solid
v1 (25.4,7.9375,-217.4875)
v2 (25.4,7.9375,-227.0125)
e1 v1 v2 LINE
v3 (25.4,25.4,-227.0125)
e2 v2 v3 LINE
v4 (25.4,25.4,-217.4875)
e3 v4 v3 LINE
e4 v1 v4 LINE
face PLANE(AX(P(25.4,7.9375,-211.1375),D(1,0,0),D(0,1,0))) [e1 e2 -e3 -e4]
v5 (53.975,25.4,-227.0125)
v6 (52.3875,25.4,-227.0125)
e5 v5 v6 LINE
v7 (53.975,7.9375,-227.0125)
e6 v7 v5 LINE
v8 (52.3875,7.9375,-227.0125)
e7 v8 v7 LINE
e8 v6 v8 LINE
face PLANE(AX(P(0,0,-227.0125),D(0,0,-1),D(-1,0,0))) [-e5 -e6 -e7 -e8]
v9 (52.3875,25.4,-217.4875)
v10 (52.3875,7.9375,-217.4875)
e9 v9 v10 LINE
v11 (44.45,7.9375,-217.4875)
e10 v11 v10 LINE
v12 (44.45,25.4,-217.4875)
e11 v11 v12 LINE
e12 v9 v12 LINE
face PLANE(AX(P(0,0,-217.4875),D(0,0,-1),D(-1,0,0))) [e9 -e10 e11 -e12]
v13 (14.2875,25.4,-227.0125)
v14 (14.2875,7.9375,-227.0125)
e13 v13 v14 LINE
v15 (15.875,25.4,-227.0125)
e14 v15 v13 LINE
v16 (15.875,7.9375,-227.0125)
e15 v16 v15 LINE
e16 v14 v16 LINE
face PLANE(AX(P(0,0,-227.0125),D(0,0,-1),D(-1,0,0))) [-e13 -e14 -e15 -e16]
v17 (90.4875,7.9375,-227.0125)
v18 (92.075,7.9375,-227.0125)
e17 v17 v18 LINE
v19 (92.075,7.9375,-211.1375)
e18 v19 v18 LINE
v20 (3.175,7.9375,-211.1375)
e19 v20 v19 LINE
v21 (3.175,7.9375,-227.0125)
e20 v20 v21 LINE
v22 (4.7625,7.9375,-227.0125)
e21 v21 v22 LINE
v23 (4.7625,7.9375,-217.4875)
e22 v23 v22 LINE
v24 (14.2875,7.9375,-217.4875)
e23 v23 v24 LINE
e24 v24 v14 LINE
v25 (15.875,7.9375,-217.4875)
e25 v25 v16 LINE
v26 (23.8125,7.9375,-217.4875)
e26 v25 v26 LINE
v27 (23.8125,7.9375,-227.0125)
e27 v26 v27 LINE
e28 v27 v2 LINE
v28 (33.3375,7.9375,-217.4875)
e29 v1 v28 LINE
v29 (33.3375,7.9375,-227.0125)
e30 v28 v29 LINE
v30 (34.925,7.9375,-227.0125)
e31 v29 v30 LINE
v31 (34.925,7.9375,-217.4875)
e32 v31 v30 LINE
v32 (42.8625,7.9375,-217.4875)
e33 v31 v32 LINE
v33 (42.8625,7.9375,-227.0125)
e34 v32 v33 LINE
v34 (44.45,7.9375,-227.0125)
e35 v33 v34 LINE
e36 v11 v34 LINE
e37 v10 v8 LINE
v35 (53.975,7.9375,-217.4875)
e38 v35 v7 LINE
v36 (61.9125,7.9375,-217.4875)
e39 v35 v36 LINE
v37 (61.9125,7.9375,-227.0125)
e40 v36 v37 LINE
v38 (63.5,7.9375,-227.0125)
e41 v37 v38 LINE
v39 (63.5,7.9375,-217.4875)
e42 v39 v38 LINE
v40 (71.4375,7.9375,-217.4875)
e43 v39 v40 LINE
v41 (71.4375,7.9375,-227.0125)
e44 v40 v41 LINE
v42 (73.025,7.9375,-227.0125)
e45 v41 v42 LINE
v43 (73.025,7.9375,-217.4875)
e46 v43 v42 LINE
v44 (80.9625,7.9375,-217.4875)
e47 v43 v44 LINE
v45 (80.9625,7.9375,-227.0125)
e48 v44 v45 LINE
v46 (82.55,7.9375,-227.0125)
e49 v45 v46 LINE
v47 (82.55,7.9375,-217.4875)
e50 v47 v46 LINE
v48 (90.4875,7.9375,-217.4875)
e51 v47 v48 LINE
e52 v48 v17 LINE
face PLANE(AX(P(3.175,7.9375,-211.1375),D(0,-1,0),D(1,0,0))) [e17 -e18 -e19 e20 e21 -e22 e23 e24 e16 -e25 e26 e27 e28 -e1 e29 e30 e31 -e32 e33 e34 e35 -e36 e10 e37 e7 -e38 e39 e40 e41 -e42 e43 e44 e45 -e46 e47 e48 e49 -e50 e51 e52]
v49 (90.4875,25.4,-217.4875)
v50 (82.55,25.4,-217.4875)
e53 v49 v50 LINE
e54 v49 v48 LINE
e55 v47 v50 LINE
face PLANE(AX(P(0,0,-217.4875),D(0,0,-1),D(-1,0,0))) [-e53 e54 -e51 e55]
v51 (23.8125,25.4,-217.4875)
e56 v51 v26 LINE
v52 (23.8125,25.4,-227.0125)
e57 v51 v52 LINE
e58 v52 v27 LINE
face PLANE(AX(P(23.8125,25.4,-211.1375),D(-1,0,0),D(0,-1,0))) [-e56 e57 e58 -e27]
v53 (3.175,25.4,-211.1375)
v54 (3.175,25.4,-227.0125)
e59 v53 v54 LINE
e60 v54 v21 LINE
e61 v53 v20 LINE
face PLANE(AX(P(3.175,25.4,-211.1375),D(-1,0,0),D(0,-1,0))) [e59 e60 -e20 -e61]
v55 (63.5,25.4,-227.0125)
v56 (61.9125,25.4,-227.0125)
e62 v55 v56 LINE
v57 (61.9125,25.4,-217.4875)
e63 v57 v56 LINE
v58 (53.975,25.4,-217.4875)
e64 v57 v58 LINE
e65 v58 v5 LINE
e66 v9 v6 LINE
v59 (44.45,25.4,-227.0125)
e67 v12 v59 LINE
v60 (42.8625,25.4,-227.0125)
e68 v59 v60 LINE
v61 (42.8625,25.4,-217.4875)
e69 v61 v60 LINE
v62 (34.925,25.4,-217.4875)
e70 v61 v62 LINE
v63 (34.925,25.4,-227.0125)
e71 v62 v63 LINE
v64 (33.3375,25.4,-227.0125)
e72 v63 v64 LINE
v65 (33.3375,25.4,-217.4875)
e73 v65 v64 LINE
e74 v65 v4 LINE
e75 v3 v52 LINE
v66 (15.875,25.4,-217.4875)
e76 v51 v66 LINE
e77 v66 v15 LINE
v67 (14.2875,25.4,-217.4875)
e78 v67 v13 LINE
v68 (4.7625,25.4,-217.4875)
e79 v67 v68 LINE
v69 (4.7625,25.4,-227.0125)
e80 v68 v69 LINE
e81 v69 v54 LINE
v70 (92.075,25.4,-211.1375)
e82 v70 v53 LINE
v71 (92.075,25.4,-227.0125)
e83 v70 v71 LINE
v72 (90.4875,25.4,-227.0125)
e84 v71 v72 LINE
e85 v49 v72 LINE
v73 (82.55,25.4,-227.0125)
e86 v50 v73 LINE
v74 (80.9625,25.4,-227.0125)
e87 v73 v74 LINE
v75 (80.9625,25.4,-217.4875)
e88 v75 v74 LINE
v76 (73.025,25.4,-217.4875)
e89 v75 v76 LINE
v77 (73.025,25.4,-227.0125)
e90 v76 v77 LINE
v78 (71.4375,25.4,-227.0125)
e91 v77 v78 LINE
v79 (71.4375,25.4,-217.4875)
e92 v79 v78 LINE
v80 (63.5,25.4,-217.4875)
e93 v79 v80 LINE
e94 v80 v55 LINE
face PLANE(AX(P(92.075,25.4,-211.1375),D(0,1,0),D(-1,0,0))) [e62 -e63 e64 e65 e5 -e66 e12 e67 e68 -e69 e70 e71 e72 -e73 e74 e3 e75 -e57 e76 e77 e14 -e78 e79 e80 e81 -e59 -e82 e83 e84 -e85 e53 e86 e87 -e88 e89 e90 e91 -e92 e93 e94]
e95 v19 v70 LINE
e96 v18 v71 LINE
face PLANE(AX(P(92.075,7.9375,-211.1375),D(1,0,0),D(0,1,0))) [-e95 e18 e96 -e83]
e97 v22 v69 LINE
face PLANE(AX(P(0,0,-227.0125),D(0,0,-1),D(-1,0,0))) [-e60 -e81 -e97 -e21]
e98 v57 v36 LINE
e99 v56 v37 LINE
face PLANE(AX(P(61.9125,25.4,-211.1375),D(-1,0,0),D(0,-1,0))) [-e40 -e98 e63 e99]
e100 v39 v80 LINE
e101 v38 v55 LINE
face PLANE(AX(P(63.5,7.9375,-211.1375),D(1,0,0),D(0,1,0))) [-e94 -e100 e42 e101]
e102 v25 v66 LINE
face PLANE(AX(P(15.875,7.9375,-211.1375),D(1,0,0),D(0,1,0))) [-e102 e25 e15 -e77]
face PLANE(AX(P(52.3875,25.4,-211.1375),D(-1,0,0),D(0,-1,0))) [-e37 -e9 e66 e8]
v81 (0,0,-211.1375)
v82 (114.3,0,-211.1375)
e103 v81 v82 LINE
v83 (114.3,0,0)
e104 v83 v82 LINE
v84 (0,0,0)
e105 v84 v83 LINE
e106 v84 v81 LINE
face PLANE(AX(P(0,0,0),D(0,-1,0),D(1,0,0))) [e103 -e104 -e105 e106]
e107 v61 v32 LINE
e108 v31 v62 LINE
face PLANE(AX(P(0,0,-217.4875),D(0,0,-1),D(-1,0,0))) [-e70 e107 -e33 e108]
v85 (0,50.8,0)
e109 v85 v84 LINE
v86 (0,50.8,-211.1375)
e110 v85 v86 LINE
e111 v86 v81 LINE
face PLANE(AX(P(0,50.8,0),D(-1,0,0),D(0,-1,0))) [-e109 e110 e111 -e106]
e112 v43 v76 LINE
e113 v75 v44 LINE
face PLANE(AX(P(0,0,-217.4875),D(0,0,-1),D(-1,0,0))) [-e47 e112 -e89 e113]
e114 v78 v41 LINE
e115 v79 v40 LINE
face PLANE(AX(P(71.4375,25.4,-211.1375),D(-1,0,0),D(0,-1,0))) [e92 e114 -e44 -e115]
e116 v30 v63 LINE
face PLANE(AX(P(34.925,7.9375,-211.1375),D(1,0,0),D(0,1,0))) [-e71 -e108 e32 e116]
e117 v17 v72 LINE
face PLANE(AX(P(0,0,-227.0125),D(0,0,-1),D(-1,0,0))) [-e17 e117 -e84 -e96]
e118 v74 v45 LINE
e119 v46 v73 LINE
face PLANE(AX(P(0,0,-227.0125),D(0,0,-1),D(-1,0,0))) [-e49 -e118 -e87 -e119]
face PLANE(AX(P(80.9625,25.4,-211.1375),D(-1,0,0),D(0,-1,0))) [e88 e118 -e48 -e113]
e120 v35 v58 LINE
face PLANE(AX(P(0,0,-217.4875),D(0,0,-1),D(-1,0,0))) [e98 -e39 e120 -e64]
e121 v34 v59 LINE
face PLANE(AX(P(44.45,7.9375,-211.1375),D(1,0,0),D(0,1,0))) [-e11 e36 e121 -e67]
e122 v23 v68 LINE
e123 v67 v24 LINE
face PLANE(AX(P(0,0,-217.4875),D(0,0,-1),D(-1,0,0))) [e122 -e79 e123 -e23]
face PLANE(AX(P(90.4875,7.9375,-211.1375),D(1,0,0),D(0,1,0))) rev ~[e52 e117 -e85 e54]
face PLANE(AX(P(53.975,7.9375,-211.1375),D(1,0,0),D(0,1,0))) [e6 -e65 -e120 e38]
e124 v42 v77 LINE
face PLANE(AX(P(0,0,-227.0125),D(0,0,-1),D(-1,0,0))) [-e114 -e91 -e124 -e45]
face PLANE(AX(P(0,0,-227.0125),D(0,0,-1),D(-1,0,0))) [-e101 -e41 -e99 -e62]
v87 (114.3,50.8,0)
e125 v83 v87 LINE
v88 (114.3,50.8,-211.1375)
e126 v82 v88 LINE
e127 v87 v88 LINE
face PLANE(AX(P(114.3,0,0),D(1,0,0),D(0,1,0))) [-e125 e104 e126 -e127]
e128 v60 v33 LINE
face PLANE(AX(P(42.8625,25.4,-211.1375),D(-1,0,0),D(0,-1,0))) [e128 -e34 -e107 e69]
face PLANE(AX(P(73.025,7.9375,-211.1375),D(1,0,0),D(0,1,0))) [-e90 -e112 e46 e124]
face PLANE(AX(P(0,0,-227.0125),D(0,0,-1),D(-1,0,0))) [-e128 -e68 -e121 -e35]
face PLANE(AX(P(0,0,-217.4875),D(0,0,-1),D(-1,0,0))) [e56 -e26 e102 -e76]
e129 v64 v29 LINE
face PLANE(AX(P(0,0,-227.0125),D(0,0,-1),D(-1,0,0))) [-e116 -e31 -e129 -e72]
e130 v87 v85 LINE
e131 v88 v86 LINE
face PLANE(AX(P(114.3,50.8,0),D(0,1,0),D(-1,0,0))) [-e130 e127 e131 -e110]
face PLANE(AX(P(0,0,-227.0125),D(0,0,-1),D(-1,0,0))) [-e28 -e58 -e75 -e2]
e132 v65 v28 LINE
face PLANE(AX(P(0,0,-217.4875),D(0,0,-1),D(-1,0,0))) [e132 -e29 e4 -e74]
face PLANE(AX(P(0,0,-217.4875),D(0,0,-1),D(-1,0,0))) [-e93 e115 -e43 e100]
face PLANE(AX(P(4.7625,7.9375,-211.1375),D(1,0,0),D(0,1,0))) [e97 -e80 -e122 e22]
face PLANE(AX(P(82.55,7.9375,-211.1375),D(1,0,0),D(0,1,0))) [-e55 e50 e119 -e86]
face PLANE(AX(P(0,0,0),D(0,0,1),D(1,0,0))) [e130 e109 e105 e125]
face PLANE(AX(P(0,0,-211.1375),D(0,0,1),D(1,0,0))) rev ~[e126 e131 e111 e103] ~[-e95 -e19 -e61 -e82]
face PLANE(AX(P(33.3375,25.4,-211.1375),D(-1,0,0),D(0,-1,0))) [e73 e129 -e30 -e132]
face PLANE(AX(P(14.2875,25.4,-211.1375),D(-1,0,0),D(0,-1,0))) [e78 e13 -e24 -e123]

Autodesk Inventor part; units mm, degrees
ref_plane "YZ Plane" through (0, 0, 0) normal (1, 0, 0) x (0, 1, 0)
ref_plane "XZ Plane" through (0, 0, 0) normal (0, 1, 0) x (-1, 0, 0)
ref_plane "XY Plane" through (0, 0, 0) normal (0, 0, 1) x (1, 0, 0)
sketch "Sketch1" plane through (0, 0, 0) normal (0, 0, 1) x (1, 0, 0)
  line L0 (0, 0) -> (114.3, 0)
  line L1 (114.3, 0) -> (114.3, 50.8)
  line L2 (114.3, 50.8) -> (0, 50.8)
  line L3 (0, 50.8) -> (0, 0)
  dimension "d0" = 114.3
  dimension "d1" = 50.8
extrude "Extrusion1" add sketch "Sketch1" against normal blind 211.1375
sketch "Sketch2" plane through (0, 0, -211.1375) normal (0, 0, -1) x (-1, 0, 0)
  line L0 (-114.3, 0) -> (0, 0) projected
  line L1 (0, 0) -> (0, 50.8) projected
  line L2 (0, 50.8) -> (-114.3, 50.8) projected
  line L3 (-114.3, 50.8) -> (-114.3, 0) projected
  line L4 (-3.175, 7.9375) -> (-92.075, 7.9375)
  line L5 (-92.075, 7.9375) -> (-92.075, 25.4)
  line L6 (-92.075, 25.4) -> (-3.175, 25.4)
  line L7 (-3.175, 25.4) -> (-3.175, 7.9375)
  line L8 (-82.55, 25.4) -> (-80.9625, 25.4)
  line L9 (-80.9625, 25.4) -> (-80.9625, 7.9375)
  line L10 (-80.9625, 7.9375) -> (-82.55, 7.9375)
  line L11 (-82.55, 7.9375) -> (-82.55, 25.4)
  line L12 (-73.025, 25.4) -> (-71.4375, 25.4)
  line L13 (-71.4375, 25.4) -> (-71.4375, 7.9375)
  line L14 (-71.4375, 7.9375) -> (-73.025, 7.9375)
  line L15 (-73.025, 7.9375) -> (-73.025, 25.4)
  line L16 (-63.5, 25.4) -> (-61.9125, 25.4)
  line L17 (-61.9125, 25.4) -> (-61.9125, 7.9375)
  line L18 (-61.9125, 7.9375) -> (-63.5, 7.9375)
  line L19 (-63.5, 7.9375) -> (-63.5, 25.4)
  line L20 (-53.975, 25.4) -> (-52.3875, 25.4)
  line L21 (-52.3875, 25.4) -> (-52.3875, 7.9375)
  line L22 (-52.3875, 7.9375) -> (-53.975, 7.9375)
  line L23 (-53.975, 7.9375) -> (-53.975, 25.4)
  line L24 (-44.45, 25.4) -> (-42.8625, 25.4)
  line L25 (-42.8625, 25.4) -> (-42.8625, 7.9375)
  line L26 (-42.8625, 7.9375) -> (-44.45, 7.9375)
  line L27 (-44.45, 7.9375) -> (-44.45, 25.4)
  line L28 (-34.925, 25.4) -> (-33.3375, 25.4)
  line L29 (-33.3375, 25.4) -> (-33.3375, 7.9375)
  line L30 (-33.3375, 7.9375) -> (-34.925, 7.9375)
  line L31 (-34.925, 7.9375) -> (-34.925, 25.4)
  line L32 (-25.4, 25.4) -> (-23.8125, 25.4)
  line L33 (-23.8125, 25.4) -> (-23.8125, 7.9375)
  line L34 (-23.8125, 7.9375) -> (-25.4, 7.9375)
  line L35 (-25.4, 7.9375) -> (-25.4, 25.4)
  line L36 (-15.875, 25.4) -> (-14.2875, 25.4)
  line L37 (-14.2875, 25.4) -> (-14.2875, 7.9375)
  line L38 (-14.2875, 7.9375) -> (-15.875, 7.9375)
  line L39 (-15.875, 7.9375) -> (-15.875, 25.4)
  line L40 (-4.7625, 25.4) -> (-3.175, 25.4)
  line L41 (-3.175, 25.4) -> (-3.175, 7.9375)
  line L42 (-3.175, 7.9375) -> (-4.7625, 7.9375)
  line L43 (-4.7625, 7.9375) -> (-4.7625, 25.4)
  line L44 (-90.4875, 25.4) -> (-92.075, 25.4)
  line L45 (-92.075, 25.4) -> (-92.075, 7.9375)
  line L46 (-92.075, 7.9375) -> (-90.4875, 7.9375)
  line L47 (-90.4875, 7.9375) -> (-90.4875, 25.4)
  dimension "d4" = 3.175
  dimension "d5" = 7.9375
  dimension "d6" = 22.225
  dimension "d7" = 25.4
  dimension "d8" = 1.5875
  dimension "d9" = 7.9375
  dimension "d10" = 1.5875
  dimension "d11" = 7.9375
  dimension "d12" = 1.5875
  dimension "d13" = 7.9375
  dimension "d14" = 1.5875
  dimension "d15" = 7.9375
  dimension "d16" = 1.5875
  dimension "d17" = 7.9375
  dimension "d18" = 1.5875
  dimension "d19" = 1.5875
  dimension "d21" = 1.5875
  dimension "d23" = 1.5875
  dimension "d24" = 7.9375
  dimension "d25" = 1.5875
  dimension "d26" = 7.9375
  dimension "d27" = 7.9375
extrude "Extrusion2" add sketch "Sketch2" along normal blind 15.875 contours L4 L43 L6 L7 | L4 L39 L6 L37 | L4 L35 L6 L33 | L4 L31 L6 L29 | L4 L27 L6 L25 | L4 L23 L6 L21 | L4 L19 L6 L17 | L4 L15 L6 L13 | L4 L11 L6 L9 | L4 L5 L6 L47
sketch "Sketch3" plane through (0, 0, -211.1375) normal (0, 0, -1) x (-1, 0, 0)
  line L0 (-71.4375, 7.9375) -> (-73.025, 7.9375) projected
  line L1 (-73.025, 7.9375) -> (-73.025, 25.4) projected
  line L2 (-52.3875, 7.9375) -> (-53.975, 7.9375) projected
  line L3 (-53.975, 7.9375) -> (-53.975, 25.4) projected
  line L4 (-33.3375, 7.9375) -> (-34.925, 7.9375) projected
  line L5 (-34.925, 7.9375) -> (-34.925, 25.4) projected
  line L6 (-23.8125, 7.9375) -> (-25.4, 7.9375) projected
  line L7 (-25.4, 7.9375) -> (-25.4, 25.4) projected
  line L8 (-14.2875, 7.9375) -> (-15.875, 7.9375) projected
  line L9 (-15.875, 7.9375) -> (-15.875, 25.4) projected
  line L10 (-42.8625, 7.9375) -> (-44.45, 7.9375) projected
  line L11 (-44.45, 7.9375) -> (-44.45, 25.4) projected
  line L12 (-61.9125, 7.9375) -> (-63.5, 7.9375) projected
  line L13 (-63.5, 7.9375) -> (-63.5, 25.4) projected
  line L14 (-80.9625, 7.9375) -> (-82.55, 7.9375) projected
  line L15 (-82.55, 7.9375) -> (-82.55, 25.4) projected
  line L16 (-92.075, 25.4) -> (-3.175, 25.4)
  line L17 (-3.175, 25.4) -> (-3.175, 7.9375)
  line L18 (-3.175, 7.9375) -> (-92.075, 7.9375)
  line L19 (-92.075, 7.9375) -> (-92.075, 25.4)
  line L20 (-90.4875, 7.9375) -> (-92.075, 7.9375)
  line L21 (-92.075, 7.9375) -> (-92.075, 25.4)
  line L22 (-92.075, 25.4) -> (-90.4875, 25.4)
  line L23 (-90.4875, 25.4) -> (-90.4875, 7.9375)
  line L24 (-82.55, 25.4) -> (-80.9625, 25.4)
  line L25 (-80.9625, 25.4) -> (-80.9625, 7.9375)
  line L26 (-80.9625, 7.9375) -> (-82.55, 7.9375)
  line L27 (-82.55, 7.9375) -> (-82.55, 25.4)
  line L28 (-73.025, 25.4) -> (-71.4375, 25.4)
  line L29 (-71.4375, 25.4) -> (-71.4375, 7.9375)
  line L30 (-71.4375, 7.9375) -> (-73.025, 7.9375)
  line L31 (-73.025, 7.9375) -> (-73.025, 25.4)
  line L32 (-63.5, 25.4) -> (-61.9125, 25.4)
  line L33 (-61.9125, 25.4) -> (-61.9125, 7.9375)
  line L34 (-61.9125, 7.9375) -> (-63.5, 7.9375)
  line L35 (-63.5, 7.9375) -> (-63.5, 25.4)
  line L36 (-53.975, 25.4) -> (-52.3875, 25.4)
  line L37 (-52.3875, 25.4) -> (-52.3875, 7.9375)
  line L38 (-52.3875, 7.9375) -> (-53.975, 7.9375)
  line L39 (-53.975, 7.9375) -> (-53.975, 25.4)
  line L40 (-44.45, 25.4) -> (-42.8625, 25.4)
  line L41 (-42.8625, 25.4) -> (-42.8625, 7.9375)
  line L42 (-42.8625, 7.9375) -> (-44.45, 7.9375)
  line L43 (-44.45, 7.9375) -> (-44.45, 25.4)
  line L44 (-34.925, 25.4) -> (-33.3375, 25.4)
  line L45 (-33.3375, 25.4) -> (-33.3375, 7.9375)
  line L46 (-33.3375, 7.9375) -> (-34.925, 7.9375)
  line L47 (-34.925, 7.9375) -> (-34.925, 25.4)
  line L48 (-25.4, 25.4) -> (-23.8125, 25.4)
  line L49 (-23.8125, 25.4) -> (-23.8125, 7.9375)
  line L50 (-23.8125, 7.9375) -> (-25.4, 7.9375)
  line L51 (-25.4, 7.9375) -> (-25.4, 25.4)
  line L52 (-15.875, 25.4) -> (-14.2875, 25.4)
  line L53 (-14.2875, 25.4) -> (-14.2875, 7.9375)
  line L54 (-14.2875, 7.9375) -> (-15.875, 7.9375)
  line L55 (-15.875, 7.9375) -> (-15.875, 25.4)
  line L56 (-4.7625, 25.4) -> (-3.175, 25.4)
  line L57 (-3.175, 25.4) -> (-3.175, 7.9375)
  line L58 (-3.175, 7.9375) -> (-4.7625, 7.9375)
  line L59 (-4.7625, 7.9375) -> (-4.7625, 25.4)
extrude "Extrusion3" add sketch "Sketch3" along normal blind 6.35 contours L29 L16 L13 L18 | L18 L25 L16 L1 | L33 L16 L3 L18 | L18 L23 L16 L15 | L37 L16 L11 L18 | L41 L16 L5 L18 | L45 L16 L7 L18 | L49 L16 L9 L18 | L53 L16 L59 L18
properties part number "powerSupply"
